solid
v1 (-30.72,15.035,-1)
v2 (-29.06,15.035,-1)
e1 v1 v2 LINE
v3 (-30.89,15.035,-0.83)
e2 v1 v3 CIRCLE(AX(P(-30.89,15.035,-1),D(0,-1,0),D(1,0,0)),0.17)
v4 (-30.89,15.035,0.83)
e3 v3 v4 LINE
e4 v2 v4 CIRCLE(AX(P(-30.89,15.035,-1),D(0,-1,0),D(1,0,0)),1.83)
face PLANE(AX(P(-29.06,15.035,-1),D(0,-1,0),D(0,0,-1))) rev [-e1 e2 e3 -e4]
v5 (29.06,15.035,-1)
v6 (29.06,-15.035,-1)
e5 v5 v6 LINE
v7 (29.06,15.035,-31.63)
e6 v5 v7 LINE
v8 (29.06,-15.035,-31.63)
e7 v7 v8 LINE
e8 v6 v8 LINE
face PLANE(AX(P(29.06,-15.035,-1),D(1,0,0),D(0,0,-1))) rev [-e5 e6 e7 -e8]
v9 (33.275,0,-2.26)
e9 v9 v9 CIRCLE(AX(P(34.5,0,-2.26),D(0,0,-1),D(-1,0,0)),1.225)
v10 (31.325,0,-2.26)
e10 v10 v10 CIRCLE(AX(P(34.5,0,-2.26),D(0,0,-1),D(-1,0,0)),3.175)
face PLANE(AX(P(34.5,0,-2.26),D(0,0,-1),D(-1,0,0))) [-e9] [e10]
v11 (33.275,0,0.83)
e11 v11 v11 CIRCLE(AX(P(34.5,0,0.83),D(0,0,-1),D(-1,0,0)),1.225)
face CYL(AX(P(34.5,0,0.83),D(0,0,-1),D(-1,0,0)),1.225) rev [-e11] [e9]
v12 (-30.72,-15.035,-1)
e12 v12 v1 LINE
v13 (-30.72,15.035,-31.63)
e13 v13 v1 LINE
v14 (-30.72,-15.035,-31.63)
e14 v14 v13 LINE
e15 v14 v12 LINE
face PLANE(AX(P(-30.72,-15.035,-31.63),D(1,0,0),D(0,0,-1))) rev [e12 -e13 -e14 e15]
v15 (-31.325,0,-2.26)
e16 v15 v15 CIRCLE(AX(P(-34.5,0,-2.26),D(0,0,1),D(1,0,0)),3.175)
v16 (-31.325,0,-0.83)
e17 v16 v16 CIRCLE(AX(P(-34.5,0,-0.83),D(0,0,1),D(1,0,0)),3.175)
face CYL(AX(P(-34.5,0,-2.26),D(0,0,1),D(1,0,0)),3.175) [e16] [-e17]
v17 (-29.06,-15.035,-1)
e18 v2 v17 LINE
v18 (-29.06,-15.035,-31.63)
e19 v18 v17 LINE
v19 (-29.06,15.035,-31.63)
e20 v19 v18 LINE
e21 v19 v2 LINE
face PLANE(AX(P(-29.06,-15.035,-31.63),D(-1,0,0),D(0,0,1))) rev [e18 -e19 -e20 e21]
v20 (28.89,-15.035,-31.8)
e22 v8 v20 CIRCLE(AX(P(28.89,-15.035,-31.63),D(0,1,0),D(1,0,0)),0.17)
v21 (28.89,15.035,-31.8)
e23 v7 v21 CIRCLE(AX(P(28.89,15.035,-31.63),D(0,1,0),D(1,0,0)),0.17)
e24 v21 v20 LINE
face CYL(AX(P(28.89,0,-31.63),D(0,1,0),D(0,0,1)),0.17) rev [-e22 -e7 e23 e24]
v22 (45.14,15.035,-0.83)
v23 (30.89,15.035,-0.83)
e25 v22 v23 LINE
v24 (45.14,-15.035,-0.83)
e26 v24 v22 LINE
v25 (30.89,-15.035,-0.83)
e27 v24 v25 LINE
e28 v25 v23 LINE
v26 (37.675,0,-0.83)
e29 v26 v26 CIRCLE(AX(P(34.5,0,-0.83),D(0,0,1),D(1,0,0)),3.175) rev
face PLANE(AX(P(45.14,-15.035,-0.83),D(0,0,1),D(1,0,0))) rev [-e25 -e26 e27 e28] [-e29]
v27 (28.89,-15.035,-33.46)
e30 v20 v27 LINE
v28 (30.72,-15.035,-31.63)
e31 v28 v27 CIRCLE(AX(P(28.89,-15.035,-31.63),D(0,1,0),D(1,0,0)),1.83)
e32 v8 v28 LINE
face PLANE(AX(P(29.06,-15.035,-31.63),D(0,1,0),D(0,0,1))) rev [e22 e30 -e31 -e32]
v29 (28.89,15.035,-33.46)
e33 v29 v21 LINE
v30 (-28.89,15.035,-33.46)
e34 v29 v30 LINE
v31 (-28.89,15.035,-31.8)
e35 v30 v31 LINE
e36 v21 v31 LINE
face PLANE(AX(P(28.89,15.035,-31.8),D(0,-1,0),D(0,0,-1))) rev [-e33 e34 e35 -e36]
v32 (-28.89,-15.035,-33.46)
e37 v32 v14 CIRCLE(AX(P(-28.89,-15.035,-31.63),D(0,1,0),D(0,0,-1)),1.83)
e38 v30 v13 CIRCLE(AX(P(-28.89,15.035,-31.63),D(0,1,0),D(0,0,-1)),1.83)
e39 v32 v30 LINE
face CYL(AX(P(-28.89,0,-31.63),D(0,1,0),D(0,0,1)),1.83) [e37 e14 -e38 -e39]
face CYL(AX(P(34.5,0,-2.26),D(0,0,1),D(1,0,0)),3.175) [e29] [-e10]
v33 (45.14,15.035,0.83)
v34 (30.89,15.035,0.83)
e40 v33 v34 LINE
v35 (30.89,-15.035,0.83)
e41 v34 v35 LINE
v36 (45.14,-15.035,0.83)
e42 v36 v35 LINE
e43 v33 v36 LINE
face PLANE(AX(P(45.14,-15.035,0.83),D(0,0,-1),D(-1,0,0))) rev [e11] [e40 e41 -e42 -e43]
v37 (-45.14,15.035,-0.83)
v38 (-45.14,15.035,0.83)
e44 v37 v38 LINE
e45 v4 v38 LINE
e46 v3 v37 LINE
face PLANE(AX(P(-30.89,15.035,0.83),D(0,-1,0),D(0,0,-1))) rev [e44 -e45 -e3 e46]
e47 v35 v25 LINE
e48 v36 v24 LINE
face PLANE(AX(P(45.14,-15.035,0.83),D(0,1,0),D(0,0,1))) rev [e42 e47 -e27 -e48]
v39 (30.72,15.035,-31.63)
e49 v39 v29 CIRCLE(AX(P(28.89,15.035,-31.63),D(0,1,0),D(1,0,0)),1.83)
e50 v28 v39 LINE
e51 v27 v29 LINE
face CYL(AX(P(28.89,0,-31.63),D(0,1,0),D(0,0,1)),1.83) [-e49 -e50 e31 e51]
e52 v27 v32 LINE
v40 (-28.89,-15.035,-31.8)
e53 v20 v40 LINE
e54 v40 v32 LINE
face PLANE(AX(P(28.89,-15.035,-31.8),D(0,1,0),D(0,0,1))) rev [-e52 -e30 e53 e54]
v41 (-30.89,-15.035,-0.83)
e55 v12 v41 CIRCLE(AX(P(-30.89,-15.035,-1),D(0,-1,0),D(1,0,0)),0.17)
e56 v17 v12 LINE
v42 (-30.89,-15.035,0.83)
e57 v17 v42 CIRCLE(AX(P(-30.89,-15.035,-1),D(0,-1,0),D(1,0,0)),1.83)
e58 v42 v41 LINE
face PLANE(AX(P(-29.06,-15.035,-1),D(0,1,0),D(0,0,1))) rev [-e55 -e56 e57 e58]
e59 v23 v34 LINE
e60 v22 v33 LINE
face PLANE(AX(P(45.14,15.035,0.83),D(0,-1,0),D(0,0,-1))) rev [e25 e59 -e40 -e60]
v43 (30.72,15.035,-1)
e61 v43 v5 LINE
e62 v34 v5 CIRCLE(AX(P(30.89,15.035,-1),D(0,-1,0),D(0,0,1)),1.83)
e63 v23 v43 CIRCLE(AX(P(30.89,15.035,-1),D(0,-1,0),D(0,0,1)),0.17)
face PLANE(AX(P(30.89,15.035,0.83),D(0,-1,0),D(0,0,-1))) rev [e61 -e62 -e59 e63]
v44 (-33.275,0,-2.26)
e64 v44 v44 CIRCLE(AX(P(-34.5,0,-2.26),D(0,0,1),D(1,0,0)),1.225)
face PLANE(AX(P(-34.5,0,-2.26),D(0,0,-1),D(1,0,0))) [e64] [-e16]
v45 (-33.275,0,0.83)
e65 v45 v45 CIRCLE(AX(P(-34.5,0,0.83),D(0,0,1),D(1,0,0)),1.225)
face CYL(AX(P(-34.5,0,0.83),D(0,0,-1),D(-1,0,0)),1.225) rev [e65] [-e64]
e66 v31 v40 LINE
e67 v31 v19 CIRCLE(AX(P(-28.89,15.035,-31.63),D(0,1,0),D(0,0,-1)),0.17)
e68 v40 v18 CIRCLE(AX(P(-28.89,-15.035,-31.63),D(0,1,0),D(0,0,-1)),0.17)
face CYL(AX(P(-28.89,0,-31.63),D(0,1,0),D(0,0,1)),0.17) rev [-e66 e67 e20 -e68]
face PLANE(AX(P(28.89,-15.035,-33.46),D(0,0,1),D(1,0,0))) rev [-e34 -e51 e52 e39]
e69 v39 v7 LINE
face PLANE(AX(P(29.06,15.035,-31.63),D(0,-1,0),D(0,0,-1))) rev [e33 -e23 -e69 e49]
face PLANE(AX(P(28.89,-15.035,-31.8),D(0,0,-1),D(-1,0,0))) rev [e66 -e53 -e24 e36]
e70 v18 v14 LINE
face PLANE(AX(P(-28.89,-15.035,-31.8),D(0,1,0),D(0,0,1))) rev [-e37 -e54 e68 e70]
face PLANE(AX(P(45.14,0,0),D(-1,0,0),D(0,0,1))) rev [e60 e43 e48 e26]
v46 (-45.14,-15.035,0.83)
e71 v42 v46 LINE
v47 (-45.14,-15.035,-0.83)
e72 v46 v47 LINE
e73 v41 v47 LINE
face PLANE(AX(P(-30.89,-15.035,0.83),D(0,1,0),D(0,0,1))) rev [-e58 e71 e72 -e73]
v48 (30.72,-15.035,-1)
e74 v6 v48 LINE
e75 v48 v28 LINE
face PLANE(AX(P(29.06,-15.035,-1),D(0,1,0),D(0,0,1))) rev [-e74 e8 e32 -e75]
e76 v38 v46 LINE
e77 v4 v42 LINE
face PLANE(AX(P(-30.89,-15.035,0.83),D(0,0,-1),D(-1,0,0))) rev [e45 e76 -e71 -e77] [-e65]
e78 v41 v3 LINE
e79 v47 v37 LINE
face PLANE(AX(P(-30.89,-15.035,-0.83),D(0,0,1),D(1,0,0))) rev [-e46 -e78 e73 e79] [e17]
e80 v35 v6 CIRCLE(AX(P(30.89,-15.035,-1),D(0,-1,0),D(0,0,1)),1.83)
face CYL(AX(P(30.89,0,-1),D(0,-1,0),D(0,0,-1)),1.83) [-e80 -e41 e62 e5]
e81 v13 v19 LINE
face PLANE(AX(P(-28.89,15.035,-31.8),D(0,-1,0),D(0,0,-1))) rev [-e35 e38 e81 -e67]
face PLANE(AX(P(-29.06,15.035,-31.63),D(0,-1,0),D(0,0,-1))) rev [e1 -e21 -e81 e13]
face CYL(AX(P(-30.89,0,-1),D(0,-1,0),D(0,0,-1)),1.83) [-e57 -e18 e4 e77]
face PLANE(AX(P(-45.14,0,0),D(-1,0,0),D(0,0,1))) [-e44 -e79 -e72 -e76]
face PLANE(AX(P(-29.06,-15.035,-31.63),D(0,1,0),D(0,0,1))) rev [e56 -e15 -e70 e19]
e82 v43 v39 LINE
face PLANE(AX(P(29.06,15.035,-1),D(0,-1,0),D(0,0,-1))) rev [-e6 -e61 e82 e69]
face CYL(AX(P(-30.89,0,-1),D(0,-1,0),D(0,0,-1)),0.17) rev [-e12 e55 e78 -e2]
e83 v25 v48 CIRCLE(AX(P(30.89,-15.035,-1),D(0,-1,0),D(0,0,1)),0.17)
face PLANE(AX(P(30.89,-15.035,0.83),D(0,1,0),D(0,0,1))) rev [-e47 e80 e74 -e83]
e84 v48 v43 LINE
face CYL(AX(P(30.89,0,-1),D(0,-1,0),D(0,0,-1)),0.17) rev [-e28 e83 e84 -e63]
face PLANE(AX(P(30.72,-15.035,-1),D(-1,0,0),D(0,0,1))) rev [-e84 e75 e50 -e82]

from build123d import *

# Parameters (mm, degrees)
SKETCH2_W           = 1.66
SKETCH2_H           = 30.07
SKETCH3_R           = 1.225
CUT_EXTRUDE1_DEPTH  = 58.692180796
BOSS_EXTRUDE1_START = 1.43
SKETCH3_3_R         = 3.175
SKETCH3_3_R_2       = 1.225
BOSS_EXTRUDE1_DEPTH = 1.43


with BuildPart() as part:
    # Sweep1: sweep along a path in Sketch1
    with BuildLine(Plane(origin=(0, 0, 0), x_dir=(1, 0, 0), z_dir=(0, 1, 0))) as sweep1_path:
        Line((-45.14, 0), (-30.89, 0))
        ThreePointArc((-30.89, 0), (-30.182893219, 0.292893219), (-29.89, 1))
        Line((-29.89, 1), (-29.89, 31.63))
        ThreePointArc((-29.89, 31.63), (-29.597106781, 32.337106781), (-28.89, 32.63))
        Line((-28.89, 32.63), (28.89, 32.63))
        ThreePointArc((28.89, 32.63), (29.597106781, 32.337106781), (29.89, 31.63))
        Line((29.89, 31.63), (29.89, 1))
        ThreePointArc((29.89, 1), (30.182893219, 0.292893219), (30.89, 0))
        Line((30.89, 0), (45.14, 0))
    # Sketch2 → Sweep1 (sweep)
    with BuildSketch(Plane(origin=(45.14, 0, 0), x_dir=(0, 0, -1), z_dir=(1, 0, 0))):
        Rectangle(SKETCH2_W, SKETCH2_H)
    sweep(path=sweep1_path.line)

    # Sketch3 → Cut-Extrude1 (cut, through all)
    with BuildSketch(Plane(origin=(0, 0, -0.83), x_dir=(-1, 0, 0), z_dir=(0, 0, -1))):
        with Locations((-34.5, 0)):
            Circle(SKETCH3_R)
    cut_extrude1 = extrude(amount=-CUT_EXTRUDE1_DEPTH, mode=Mode.SUBTRACT)

    # Sketch3<3> → Boss-Extrude1 (add)
    with BuildSketch(Plane(origin=(0, 0, -0.83), x_dir=(-1, 0, 0), z_dir=(0, 0, -1)).offset(BOSS_EXTRUDE1_START)):
        with Locations((-34.5, 0)):
            Circle(SKETCH3_3_R)
        with Locations((-34.5, 0)):
            Circle(SKETCH3_3_R_2, mode=Mode.SUBTRACT)
    boss_extrude1 = extrude(amount=-BOSS_EXTRUDE1_DEPTH)

    # Mirror1: Cut-Extrude1, Boss-Extrude1 across plane
    add(cut_extrude1.mirror(Plane(origin=(0, 0, 0), x_dir=(0, 0, 1), z_dir=(1, 0, 0))), mode=Mode.SUBTRACT)
    add(boss_extrude1.mirror(Plane(origin=(0, 0, 0), x_dir=(0, 0, 1), z_dir=(1, 0, 0))))


solid = part.part
